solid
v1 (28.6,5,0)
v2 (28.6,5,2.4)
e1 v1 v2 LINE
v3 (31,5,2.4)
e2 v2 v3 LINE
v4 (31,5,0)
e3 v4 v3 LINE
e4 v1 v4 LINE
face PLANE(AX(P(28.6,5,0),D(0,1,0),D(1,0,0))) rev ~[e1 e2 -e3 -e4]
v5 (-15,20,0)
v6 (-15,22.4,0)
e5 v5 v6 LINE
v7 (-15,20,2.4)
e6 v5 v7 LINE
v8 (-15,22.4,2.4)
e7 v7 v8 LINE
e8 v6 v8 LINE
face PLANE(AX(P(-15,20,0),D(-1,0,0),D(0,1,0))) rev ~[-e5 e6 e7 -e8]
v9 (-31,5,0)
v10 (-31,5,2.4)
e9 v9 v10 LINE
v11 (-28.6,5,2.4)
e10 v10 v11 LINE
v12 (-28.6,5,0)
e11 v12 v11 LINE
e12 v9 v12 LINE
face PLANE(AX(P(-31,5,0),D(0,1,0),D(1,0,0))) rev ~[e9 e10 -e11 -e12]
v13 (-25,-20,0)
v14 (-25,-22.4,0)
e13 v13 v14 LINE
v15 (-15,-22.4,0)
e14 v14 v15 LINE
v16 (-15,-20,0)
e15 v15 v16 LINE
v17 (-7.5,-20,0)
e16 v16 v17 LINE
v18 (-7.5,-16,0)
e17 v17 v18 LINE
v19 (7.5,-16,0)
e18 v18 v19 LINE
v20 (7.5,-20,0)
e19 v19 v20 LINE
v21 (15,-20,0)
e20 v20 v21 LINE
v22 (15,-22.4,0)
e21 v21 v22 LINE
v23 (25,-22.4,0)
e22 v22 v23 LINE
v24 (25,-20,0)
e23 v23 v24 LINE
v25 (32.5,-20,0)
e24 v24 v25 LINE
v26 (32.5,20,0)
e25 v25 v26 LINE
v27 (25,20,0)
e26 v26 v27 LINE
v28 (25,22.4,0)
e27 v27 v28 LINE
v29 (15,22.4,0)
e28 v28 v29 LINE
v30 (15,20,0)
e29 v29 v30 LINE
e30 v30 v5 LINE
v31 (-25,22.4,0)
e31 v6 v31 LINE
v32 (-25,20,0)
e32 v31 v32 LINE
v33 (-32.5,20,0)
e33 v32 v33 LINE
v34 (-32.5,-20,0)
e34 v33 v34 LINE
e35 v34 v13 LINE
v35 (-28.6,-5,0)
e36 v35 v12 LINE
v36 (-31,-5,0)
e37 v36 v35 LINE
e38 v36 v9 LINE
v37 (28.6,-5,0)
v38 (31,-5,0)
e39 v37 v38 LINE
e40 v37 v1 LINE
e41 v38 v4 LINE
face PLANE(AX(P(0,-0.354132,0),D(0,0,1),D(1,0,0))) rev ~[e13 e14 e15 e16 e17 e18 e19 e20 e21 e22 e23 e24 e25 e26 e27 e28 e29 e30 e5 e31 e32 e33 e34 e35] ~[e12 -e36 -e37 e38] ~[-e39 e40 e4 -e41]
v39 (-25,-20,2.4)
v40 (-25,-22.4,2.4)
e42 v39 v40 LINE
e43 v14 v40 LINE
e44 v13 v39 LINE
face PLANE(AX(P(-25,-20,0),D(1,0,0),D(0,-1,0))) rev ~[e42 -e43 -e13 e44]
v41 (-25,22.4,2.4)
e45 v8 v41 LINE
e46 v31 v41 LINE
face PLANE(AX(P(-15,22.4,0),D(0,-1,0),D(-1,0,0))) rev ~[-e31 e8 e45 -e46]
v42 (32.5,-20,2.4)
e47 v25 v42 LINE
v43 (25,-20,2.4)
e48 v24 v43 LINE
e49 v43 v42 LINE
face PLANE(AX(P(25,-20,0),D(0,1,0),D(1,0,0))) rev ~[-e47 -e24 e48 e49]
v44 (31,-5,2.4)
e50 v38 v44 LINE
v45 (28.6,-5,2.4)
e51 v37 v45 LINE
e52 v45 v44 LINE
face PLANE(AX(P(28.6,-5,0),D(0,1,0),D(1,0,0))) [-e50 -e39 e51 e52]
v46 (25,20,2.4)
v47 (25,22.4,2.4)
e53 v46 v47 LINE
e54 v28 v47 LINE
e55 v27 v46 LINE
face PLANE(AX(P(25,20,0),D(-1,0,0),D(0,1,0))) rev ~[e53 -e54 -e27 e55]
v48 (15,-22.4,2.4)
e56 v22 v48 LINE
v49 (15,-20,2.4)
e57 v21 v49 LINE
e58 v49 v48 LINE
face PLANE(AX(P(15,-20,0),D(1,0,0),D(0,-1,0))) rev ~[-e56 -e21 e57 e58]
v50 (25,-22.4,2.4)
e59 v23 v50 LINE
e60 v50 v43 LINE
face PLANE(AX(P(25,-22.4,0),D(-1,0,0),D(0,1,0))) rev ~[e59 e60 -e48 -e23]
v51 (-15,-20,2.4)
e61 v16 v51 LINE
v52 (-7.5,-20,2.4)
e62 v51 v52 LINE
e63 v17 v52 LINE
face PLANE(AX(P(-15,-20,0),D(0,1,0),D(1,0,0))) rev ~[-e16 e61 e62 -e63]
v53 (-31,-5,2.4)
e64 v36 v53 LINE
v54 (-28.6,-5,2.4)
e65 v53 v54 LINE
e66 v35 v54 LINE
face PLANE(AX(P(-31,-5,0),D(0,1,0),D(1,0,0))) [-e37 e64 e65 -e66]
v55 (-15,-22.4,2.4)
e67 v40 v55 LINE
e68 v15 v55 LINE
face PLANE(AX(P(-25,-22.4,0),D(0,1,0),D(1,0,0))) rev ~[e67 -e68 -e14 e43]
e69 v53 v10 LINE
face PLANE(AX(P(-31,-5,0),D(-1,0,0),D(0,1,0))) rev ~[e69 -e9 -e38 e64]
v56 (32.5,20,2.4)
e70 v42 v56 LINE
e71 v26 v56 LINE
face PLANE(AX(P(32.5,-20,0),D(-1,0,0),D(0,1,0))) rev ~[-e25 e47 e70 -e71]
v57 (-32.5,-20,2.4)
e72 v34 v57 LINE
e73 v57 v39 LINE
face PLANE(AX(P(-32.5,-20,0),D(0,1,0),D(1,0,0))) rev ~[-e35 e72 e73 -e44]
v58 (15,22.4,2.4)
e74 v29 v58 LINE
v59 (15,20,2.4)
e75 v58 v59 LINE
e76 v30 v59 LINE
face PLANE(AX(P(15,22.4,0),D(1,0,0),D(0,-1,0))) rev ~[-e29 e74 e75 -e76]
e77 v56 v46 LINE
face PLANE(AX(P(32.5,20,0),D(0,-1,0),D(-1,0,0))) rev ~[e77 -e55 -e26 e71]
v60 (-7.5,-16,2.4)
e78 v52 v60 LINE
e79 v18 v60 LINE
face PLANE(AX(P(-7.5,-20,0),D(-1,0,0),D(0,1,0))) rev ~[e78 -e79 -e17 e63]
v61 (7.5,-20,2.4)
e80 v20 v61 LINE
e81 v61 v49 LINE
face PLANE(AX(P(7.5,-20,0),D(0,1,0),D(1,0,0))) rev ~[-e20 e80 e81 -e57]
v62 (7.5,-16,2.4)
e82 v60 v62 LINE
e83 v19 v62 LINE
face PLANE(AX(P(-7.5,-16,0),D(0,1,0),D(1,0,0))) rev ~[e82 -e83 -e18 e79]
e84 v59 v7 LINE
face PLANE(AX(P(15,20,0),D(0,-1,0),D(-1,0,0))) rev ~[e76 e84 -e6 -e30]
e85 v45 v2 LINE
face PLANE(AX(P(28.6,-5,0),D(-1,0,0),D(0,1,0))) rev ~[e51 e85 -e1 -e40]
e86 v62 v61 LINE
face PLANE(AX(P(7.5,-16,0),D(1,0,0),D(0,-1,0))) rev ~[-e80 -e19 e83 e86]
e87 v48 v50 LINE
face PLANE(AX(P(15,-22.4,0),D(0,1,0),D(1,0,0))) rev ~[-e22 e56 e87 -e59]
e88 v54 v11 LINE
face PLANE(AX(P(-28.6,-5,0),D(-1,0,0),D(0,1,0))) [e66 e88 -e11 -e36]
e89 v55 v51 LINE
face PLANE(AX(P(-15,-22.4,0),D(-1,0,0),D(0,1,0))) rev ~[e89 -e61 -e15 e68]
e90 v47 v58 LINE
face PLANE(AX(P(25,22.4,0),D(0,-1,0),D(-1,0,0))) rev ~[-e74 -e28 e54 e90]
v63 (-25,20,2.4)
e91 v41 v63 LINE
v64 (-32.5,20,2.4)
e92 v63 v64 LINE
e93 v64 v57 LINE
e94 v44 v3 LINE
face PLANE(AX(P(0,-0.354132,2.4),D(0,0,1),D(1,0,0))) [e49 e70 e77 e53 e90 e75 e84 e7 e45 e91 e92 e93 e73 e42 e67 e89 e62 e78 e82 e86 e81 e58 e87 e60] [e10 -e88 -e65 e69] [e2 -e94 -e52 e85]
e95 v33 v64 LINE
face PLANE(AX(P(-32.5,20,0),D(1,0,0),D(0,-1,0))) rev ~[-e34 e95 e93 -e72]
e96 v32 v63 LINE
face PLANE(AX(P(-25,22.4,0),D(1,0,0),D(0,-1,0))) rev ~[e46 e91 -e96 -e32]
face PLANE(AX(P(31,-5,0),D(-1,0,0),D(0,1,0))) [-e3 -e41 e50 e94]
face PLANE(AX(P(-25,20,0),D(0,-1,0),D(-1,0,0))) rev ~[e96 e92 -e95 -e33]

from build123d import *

# Parameters (mm, degrees)
F0_W     = 2.4
F0_H     = 10
F1_DEPTH = 2.4


with BuildPart() as f1:
    # F0 (on Top) → F1 (new body)
    with BuildSketch(Plane.XY):
        Polygon((32.5, -20), (32.5, 20), (25, 20), (25, 22.4), (15, 22.4), (15, 20), (-15, 20), (-15, 22.4), (-25, 22.4), (-25, 20), (-32.5, 20), (-32.5, -20), (-25, -20), (-25, -22.4), (-15, -22.4), (-15, -20), (-7.5, -20), (-7.5, -16), (7.5, -16), (7.5, -20), (15, -20), (15, -22.4), (25, -22.4), (25, -20), align=None)
        with Locations((-29.8, 0)):
            Rectangle(F0_W, F0_H, mode=Mode.SUBTRACT)
        with Locations((29.8, 0)):
            Rectangle(F0_W, F0_H, mode=Mode.SUBTRACT)
    extrude(amount=F1_DEPTH)


solid = f1.part
